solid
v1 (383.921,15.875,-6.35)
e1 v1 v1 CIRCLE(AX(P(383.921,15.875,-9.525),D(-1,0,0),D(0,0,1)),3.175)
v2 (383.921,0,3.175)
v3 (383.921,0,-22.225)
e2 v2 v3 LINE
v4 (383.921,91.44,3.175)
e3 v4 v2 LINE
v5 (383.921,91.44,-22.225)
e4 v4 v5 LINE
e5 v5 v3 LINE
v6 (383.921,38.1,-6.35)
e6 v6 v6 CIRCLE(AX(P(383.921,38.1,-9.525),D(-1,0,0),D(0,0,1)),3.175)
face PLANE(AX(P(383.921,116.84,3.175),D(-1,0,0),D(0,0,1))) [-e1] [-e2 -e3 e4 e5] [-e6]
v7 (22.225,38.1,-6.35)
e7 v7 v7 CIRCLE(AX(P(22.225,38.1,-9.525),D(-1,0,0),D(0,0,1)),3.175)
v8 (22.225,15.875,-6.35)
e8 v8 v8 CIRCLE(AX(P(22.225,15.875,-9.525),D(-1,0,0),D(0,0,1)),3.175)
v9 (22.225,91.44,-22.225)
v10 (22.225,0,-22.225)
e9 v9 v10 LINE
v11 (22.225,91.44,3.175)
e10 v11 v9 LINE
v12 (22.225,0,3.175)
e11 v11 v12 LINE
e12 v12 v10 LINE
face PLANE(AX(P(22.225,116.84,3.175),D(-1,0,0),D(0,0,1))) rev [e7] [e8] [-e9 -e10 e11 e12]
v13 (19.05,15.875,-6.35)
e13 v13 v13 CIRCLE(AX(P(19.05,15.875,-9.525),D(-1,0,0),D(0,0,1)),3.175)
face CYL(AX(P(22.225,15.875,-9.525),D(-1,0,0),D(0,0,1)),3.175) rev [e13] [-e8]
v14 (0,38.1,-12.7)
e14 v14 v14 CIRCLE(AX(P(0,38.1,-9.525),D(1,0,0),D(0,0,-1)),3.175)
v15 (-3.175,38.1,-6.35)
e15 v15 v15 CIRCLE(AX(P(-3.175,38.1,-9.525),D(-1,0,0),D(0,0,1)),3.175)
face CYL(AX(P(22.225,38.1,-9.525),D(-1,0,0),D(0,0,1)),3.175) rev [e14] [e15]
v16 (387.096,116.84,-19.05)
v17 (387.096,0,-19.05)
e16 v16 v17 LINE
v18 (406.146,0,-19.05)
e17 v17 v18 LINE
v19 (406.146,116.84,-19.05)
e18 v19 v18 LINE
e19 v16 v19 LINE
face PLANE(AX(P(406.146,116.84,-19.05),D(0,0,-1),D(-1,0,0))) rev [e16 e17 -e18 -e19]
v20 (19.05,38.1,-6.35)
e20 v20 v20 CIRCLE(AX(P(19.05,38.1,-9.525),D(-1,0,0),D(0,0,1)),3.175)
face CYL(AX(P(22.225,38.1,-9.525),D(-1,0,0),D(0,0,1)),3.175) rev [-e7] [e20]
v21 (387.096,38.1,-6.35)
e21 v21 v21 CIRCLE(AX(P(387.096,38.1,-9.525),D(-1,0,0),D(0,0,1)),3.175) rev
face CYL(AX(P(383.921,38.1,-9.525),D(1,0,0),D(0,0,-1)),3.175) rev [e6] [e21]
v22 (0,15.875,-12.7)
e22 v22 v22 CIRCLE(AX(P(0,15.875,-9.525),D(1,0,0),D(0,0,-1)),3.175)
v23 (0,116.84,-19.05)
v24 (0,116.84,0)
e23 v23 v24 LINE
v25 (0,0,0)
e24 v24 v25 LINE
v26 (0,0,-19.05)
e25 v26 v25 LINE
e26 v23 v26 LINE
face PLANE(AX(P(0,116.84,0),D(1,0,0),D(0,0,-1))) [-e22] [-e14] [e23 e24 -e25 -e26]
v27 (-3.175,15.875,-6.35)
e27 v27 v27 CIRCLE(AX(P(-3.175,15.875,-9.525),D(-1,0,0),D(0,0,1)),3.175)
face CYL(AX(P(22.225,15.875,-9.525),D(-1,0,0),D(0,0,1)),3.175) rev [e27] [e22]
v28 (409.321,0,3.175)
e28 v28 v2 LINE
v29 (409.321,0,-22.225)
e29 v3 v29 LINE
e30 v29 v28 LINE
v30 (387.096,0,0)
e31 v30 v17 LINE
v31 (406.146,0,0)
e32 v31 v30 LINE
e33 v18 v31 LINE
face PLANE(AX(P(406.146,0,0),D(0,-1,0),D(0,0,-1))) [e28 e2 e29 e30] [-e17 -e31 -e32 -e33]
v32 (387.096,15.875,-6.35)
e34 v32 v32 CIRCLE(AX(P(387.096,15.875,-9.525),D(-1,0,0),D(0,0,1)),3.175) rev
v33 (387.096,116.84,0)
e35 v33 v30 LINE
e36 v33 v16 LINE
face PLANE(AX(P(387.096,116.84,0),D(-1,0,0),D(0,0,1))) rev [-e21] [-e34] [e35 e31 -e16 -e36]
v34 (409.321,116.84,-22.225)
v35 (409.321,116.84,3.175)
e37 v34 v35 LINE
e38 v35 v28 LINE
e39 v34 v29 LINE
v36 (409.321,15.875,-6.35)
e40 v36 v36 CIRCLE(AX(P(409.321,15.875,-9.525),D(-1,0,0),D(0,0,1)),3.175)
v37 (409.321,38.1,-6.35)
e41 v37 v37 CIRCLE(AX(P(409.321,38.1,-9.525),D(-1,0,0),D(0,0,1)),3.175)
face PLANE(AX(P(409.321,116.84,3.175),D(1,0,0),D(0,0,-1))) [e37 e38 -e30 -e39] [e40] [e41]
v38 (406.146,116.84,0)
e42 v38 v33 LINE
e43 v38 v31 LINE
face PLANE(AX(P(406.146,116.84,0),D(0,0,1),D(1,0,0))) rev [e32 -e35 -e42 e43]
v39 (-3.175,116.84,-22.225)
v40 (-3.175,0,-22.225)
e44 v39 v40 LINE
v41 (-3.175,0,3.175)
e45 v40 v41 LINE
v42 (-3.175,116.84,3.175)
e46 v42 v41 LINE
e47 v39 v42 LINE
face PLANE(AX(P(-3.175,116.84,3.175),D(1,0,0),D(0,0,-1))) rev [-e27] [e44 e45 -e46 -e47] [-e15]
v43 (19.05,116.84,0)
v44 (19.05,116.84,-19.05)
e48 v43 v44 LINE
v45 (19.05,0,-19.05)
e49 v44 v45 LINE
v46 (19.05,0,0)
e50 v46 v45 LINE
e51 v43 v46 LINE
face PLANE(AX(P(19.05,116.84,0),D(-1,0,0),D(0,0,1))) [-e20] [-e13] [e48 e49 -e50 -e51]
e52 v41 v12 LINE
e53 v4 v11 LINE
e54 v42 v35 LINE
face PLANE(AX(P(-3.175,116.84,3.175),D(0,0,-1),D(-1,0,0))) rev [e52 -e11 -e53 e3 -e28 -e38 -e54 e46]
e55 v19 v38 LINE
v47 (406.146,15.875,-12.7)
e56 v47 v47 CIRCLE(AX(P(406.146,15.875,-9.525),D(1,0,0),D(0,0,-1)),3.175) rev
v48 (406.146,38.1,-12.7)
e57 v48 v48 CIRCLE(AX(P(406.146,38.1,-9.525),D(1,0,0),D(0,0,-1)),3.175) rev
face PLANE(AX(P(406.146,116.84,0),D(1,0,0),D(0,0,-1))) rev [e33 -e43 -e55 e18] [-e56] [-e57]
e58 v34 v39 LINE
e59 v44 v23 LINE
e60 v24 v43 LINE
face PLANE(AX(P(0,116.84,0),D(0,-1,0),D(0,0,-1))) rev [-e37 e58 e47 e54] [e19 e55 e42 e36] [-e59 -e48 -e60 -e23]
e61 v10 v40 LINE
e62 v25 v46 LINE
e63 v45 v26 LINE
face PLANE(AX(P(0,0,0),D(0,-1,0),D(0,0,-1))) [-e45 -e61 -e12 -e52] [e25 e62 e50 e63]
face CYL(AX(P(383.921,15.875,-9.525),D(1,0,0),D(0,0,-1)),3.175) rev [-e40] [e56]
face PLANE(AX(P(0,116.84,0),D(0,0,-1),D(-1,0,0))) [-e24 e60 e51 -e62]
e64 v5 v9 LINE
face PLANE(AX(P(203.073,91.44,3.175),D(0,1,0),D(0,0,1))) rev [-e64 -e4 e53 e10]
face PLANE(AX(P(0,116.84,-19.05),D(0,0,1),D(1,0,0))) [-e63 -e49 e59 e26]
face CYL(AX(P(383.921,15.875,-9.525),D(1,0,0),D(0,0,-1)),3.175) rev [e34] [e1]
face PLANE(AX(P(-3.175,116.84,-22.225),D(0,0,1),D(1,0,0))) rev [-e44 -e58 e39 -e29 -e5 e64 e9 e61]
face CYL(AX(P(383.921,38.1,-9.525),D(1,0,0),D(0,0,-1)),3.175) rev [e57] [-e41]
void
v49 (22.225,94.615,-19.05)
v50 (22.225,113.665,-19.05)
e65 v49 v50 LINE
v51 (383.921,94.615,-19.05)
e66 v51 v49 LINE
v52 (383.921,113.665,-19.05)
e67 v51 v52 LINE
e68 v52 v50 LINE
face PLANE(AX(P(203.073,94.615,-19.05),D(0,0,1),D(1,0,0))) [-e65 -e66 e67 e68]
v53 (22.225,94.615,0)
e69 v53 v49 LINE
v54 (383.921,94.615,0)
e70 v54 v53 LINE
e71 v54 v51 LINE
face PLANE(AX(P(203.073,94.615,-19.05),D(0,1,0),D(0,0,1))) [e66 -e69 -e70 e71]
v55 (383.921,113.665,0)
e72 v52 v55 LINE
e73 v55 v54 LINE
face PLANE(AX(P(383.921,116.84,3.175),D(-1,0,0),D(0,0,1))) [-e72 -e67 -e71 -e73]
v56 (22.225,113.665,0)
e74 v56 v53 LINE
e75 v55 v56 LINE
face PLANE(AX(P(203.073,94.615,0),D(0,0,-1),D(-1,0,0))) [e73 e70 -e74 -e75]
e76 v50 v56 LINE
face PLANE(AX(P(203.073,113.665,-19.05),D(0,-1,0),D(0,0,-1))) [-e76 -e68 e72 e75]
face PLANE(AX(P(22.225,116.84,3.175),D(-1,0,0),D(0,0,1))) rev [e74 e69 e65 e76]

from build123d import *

# Parameters (mm, degrees)
SKETCH1_W           = 25.4
SKETCH1_H           = 25.4
SKETCH1_W_2         = 19.05
SKETCH1_H_2         = 19.05
BOSS_EXTRUDE1_DEPTH = 116.84
SKETCH2_R           = 3.175
CUT_EXTRUDE1_DEPTH  = 25.4
SKETCH4_W           = 25.4
SKETCH4_H           = 25.4
SKETCH4_W_2         = 19.05
SKETCH4_H_2         = 19.05
BOSS_EXTRUDE2_DEPTH = 180.848


with BuildPart() as part:
    # Sketch1 → Boss-Extrude1 (new body)
    with BuildSketch(Plane(origin=(0, 0, 0), x_dir=(1, 0, 0), z_dir=(0, 1, 0))):
        with Locations((9.525, 9.525)):
            Rectangle(SKETCH1_W, SKETCH1_H)
        with Locations((9.525, 9.525)):
            Rectangle(SKETCH1_W_2, SKETCH1_H_2, mode=Mode.SUBTRACT)
    boss_extrude1 = extrude(amount=BOSS_EXTRUDE1_DEPTH)

    # Sketch2 → Cut-Extrude1 (cut)
    with BuildSketch(Plane.ZY.offset(3.175)):
        with Locations((-9.525, 15.875)):
            Circle(SKETCH2_R)
        with Locations((-9.525, 38.1)):
            Circle(SKETCH2_R)
    cut_extrude1 = extrude(amount=-CUT_EXTRUDE1_DEPTH, mode=Mode.SUBTRACT)

    # Sketch4 → Boss-Extrude2 (add)
    with BuildSketch(Plane(origin=(22.225, 0, 0), x_dir=(0, 0, -1), z_dir=(1, 0, 0))):
        with Locations((9.525, 104.14)):
            Rectangle(SKETCH4_W, SKETCH4_H)
        with Locations((9.525, 104.14)):
            Rectangle(SKETCH4_W_2, SKETCH4_H_2, mode=Mode.SUBTRACT)
    boss_extrude2 = extrude(amount=BOSS_EXTRUDE2_DEPTH)

    # Mirror2: Boss-Extrude2 across plane
    add(boss_extrude2.mirror(Plane(origin=(203.073, 0, 0), x_dir=(0, 0, 1), z_dir=(1, 0, 0))))

    # Mirror4: Boss-Extrude1, Cut-Extrude1 across plane
    add(boss_extrude1.mirror(Plane(origin=(203.073, 0, 0), x_dir=(0, 0, 1), z_dir=(1, 0, 0))))
    add(cut_extrude1.mirror(Plane(origin=(203.073, 0, 0), x_dir=(0, 0, 1), z_dir=(1, 0, 0))), mode=Mode.SUBTRACT)


solid = part.part
